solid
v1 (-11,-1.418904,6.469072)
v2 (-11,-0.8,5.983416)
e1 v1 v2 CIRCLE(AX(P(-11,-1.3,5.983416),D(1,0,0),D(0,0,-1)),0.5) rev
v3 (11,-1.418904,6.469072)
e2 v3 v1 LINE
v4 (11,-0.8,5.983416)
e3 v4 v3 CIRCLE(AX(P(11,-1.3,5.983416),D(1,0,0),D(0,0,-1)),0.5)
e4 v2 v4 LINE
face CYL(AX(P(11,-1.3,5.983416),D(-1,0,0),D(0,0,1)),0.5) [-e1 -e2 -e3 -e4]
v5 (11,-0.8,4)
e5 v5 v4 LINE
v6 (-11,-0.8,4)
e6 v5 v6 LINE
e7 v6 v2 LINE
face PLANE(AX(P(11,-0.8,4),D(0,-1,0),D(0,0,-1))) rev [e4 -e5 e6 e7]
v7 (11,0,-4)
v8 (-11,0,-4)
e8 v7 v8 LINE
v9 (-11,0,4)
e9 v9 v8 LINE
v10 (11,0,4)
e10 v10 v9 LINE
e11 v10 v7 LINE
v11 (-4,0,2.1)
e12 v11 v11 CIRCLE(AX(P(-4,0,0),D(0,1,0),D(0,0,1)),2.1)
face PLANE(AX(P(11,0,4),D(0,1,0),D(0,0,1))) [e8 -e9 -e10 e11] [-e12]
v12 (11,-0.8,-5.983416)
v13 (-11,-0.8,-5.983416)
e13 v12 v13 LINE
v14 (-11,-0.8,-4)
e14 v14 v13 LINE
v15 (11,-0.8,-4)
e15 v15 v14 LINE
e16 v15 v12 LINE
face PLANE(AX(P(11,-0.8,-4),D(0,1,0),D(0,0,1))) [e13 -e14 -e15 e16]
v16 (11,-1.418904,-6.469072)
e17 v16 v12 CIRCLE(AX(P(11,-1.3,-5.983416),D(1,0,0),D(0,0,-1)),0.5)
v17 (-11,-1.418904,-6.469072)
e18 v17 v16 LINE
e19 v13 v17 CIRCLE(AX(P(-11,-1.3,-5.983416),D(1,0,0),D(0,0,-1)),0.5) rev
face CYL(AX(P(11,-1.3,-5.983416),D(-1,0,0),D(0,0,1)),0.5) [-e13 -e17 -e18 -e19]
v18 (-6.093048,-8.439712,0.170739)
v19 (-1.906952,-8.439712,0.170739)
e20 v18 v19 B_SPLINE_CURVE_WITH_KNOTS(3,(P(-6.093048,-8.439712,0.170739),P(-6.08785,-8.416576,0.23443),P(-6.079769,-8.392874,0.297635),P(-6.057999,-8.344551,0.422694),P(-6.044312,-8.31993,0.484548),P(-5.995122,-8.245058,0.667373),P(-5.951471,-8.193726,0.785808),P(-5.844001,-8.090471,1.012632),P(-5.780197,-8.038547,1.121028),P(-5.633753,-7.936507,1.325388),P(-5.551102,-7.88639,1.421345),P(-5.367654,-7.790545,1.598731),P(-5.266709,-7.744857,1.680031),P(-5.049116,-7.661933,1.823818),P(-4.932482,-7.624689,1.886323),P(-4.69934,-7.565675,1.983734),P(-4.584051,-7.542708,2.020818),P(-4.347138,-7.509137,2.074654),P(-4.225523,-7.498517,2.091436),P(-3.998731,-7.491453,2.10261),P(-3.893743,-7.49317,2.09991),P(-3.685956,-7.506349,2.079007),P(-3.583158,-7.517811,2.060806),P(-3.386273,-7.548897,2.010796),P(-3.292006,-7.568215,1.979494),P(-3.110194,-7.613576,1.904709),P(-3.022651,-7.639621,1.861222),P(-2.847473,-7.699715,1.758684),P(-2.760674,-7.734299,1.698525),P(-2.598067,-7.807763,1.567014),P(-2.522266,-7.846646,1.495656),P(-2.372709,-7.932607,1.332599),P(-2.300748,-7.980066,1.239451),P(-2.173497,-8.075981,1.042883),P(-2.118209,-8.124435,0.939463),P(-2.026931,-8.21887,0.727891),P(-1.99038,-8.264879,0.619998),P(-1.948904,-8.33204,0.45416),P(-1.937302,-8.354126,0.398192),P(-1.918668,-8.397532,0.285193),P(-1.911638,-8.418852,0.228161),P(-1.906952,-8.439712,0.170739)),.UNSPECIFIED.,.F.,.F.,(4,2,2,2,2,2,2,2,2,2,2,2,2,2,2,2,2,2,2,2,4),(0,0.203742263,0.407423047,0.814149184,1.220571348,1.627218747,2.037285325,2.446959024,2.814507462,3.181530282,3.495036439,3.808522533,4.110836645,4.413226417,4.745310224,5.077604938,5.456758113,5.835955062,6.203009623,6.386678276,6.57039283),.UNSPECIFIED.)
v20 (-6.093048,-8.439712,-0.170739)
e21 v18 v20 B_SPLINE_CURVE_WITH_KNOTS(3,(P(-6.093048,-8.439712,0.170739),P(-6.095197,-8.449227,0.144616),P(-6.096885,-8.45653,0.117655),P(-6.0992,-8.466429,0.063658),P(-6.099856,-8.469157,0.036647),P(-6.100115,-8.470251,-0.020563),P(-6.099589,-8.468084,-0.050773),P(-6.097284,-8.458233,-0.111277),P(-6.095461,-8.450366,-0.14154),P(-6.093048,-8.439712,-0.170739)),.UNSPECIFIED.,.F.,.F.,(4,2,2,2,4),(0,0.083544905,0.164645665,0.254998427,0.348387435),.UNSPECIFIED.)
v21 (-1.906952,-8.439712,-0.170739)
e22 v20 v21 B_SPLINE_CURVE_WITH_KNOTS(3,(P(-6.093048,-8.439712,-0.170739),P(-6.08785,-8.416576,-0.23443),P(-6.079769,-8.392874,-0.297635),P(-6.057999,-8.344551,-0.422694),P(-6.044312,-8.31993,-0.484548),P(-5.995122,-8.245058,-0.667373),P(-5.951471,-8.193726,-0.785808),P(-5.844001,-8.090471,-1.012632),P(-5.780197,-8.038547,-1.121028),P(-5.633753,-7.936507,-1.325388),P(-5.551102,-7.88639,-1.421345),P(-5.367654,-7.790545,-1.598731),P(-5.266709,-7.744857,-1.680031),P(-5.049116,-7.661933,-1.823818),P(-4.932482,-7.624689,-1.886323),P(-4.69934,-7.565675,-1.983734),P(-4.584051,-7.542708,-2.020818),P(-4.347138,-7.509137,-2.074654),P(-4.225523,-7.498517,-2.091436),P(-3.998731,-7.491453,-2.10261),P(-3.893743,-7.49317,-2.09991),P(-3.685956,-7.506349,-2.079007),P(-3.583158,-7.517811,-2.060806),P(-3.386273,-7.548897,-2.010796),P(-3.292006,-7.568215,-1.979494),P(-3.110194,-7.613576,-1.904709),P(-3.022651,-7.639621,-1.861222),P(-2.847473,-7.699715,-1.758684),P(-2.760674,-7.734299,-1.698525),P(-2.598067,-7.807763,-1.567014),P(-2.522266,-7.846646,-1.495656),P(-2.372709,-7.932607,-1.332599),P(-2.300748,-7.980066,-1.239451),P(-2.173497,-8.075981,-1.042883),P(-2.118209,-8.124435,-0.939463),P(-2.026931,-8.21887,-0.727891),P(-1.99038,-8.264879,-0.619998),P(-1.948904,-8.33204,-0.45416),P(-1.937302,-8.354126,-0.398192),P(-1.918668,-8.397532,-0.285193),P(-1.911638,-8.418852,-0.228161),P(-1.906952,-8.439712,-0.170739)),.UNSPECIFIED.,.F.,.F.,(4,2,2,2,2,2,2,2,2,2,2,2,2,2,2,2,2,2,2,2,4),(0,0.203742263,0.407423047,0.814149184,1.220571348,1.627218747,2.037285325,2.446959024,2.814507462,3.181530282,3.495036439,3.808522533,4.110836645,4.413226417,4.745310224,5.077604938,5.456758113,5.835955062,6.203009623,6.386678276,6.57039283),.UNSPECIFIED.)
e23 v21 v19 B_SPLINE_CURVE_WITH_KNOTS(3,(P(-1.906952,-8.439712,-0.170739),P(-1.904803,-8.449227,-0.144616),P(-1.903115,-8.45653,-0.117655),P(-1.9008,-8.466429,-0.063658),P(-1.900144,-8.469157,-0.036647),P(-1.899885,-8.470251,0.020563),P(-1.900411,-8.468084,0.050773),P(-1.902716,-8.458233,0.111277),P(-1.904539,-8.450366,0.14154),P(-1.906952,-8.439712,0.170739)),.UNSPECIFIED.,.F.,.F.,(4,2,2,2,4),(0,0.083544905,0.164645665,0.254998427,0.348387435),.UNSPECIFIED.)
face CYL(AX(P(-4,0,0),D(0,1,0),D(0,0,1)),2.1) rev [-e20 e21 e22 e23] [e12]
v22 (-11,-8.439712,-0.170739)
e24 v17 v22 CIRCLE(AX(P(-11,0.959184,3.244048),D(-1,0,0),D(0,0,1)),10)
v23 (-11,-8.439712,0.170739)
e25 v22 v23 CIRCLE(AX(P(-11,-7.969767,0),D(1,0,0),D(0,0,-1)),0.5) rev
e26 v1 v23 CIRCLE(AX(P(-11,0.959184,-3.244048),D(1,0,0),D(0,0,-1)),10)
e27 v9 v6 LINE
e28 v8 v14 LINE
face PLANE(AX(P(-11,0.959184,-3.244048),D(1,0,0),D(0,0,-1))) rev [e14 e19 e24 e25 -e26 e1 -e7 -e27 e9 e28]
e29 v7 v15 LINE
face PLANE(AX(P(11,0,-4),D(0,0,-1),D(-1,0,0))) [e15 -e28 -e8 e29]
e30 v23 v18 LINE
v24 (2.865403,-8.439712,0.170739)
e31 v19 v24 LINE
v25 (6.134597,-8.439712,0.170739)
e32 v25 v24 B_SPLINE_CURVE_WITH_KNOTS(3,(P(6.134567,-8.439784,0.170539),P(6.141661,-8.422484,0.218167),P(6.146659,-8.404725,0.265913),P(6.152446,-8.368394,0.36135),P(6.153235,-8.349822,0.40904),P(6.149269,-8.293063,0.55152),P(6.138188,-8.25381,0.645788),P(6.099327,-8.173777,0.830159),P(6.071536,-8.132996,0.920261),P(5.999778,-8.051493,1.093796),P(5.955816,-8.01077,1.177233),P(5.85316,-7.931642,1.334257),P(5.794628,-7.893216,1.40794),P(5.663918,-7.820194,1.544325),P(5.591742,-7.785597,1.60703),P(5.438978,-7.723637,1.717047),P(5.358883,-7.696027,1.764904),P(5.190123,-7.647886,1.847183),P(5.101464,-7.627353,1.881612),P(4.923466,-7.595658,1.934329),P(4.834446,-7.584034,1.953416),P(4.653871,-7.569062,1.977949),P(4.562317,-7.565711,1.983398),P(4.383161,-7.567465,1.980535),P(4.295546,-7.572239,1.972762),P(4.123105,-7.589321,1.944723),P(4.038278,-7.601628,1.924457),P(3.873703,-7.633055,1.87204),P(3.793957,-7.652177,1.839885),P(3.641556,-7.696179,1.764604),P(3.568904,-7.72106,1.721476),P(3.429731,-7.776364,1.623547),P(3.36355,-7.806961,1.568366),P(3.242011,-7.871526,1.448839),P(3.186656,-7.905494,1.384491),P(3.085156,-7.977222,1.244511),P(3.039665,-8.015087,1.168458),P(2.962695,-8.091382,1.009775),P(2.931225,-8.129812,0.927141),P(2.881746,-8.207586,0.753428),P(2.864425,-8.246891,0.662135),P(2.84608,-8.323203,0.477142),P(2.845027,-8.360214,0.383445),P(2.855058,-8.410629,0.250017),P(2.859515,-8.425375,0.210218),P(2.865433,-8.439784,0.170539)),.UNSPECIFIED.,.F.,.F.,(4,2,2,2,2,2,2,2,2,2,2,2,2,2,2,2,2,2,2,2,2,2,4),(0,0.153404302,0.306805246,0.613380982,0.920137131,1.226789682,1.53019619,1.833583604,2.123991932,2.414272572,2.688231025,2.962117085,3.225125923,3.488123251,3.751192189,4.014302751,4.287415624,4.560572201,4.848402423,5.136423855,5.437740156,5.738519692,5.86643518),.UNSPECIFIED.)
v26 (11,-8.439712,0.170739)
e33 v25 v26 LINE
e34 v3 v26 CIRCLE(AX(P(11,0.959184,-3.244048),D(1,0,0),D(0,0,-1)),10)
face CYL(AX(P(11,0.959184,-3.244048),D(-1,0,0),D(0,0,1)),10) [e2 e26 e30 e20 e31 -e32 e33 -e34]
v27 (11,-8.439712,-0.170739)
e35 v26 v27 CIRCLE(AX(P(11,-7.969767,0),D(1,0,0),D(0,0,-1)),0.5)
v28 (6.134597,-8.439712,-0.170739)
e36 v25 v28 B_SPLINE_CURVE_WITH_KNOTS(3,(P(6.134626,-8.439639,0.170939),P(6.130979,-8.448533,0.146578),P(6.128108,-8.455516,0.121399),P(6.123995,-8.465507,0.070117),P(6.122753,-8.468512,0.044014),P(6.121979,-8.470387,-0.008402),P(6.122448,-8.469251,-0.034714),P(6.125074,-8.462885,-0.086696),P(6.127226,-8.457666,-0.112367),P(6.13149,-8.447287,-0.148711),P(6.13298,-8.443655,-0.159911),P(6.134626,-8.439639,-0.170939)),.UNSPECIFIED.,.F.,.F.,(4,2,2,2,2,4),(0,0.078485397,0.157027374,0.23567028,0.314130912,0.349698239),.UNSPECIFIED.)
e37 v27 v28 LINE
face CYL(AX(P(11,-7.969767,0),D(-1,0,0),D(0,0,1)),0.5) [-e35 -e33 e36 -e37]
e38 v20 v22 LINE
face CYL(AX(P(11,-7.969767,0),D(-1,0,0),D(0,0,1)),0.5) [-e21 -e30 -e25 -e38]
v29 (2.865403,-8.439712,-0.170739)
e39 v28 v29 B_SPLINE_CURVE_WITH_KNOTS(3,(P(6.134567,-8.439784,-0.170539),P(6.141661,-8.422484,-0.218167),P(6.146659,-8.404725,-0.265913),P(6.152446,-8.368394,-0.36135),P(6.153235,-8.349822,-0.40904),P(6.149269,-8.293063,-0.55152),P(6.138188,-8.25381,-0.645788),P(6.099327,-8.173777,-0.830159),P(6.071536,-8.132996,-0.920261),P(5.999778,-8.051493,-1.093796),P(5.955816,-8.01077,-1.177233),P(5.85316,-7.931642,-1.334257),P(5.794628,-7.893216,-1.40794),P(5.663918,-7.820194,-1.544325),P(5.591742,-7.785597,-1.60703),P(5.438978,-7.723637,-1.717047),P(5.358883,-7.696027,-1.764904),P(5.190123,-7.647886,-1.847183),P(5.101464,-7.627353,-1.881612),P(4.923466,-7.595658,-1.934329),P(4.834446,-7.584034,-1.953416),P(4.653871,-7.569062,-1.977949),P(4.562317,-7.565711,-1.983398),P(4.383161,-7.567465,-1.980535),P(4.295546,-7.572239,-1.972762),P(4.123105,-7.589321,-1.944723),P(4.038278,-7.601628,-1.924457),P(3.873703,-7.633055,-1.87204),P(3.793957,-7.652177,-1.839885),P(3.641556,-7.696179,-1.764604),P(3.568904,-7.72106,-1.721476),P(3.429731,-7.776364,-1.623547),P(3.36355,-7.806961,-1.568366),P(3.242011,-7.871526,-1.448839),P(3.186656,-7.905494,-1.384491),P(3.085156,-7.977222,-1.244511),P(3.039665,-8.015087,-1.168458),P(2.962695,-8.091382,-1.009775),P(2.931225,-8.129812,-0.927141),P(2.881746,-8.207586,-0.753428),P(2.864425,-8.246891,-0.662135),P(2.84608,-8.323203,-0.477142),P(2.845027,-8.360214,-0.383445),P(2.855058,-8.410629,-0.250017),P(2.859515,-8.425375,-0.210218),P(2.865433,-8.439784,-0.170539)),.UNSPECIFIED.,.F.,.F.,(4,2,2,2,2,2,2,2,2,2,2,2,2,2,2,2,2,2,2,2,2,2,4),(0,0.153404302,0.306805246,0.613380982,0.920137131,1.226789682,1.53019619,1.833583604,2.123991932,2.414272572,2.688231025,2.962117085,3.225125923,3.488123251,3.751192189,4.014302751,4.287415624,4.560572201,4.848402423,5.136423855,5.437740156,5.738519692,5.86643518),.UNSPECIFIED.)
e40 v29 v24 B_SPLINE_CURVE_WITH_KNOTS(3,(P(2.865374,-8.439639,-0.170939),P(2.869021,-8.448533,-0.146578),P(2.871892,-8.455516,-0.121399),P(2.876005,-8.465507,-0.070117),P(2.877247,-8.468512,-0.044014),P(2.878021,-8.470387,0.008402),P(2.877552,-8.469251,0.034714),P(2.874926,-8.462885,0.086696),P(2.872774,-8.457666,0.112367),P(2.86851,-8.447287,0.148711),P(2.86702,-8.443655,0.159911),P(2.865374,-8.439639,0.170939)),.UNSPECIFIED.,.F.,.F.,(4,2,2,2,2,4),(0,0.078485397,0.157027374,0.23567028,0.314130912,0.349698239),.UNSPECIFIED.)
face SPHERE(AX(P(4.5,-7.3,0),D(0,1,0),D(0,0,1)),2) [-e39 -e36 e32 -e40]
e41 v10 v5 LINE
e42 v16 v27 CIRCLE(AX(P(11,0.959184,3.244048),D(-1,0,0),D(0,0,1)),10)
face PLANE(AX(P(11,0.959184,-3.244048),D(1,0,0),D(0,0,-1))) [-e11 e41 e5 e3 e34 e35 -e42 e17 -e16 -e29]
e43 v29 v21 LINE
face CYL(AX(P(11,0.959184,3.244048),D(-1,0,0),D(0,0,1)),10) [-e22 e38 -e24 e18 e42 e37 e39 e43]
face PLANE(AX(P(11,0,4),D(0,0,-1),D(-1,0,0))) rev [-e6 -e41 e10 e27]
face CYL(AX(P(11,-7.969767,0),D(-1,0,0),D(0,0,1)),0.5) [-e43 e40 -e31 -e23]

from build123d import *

# Parameters (mm, degrees)
DODANIE_WYCI_GNI_CIE1_DEPTH = 11
ZAOKR_GLENIE1_R             = 0.5
OTW_R_GWINTOWANY_M51_D      = 4.2


with BuildPart() as part:
    # Szkic1 → Dodanie-wyciągnięcie1 (new, symmetric)
    with BuildSketch(Plane(origin=(0, 0, 0), x_dir=(0, 0, -1), z_dir=(1, 0, 0))):
        with BuildLine():
            Line((-4, 0), (4, 0))
            Line((4, 0), (4, -0.8))
            Line((4, -0.8), (6.6, -0.8))
            ThreePointArc((6.6, -0.8), (4.348518436, -5.548730088), (0, -8.5))
            ThreePointArc((0, -8.5), (-4.348518436, -5.548730088), (-6.6, -0.8))
            Line((-6.6, -0.8), (-4, -0.8))
            Line((-4, -0.8), (-4, 0))
        make_face()
    extrude(amount=DODANIE_WYCI_GNI_CIE1_DEPTH, both=True)

    # Zaokrąglenie1
    zaokr_glenie1_edges = [part.edges().sort_by_distance(p)[0] for p in [
        (0, -0.8, -6.6),
        (0, -8.5, 0),
        (0, -0.8, 6.6),
    ]]
    fillet(zaokr_glenie1_edges, radius=ZAOKR_GLENIE1_R)

    # Otwór gwintowany M51 (through all)
    with Locations(Plane(origin=(0, 0, 0), x_dir=(1, 0, 0), z_dir=(0, 1, 0))):
        with Locations((-4, 0)):
            Hole(OTW_R_GWINTOWANY_M51_D / 2)

    # Szkic4 → Obrót1 (revolve)
    with BuildSketch(Plane.ZY.offset(-4.5)):
        with BuildLine():
            Line((0, -5.3), (0, -9.3))
            ThreePointArc((0, -9.3), (2, -7.3), (0, -5.3))
        make_face()
    revolve(axis=Axis((4.5, -5.3, 0), (0, -1, 0)))


solid = part.part
